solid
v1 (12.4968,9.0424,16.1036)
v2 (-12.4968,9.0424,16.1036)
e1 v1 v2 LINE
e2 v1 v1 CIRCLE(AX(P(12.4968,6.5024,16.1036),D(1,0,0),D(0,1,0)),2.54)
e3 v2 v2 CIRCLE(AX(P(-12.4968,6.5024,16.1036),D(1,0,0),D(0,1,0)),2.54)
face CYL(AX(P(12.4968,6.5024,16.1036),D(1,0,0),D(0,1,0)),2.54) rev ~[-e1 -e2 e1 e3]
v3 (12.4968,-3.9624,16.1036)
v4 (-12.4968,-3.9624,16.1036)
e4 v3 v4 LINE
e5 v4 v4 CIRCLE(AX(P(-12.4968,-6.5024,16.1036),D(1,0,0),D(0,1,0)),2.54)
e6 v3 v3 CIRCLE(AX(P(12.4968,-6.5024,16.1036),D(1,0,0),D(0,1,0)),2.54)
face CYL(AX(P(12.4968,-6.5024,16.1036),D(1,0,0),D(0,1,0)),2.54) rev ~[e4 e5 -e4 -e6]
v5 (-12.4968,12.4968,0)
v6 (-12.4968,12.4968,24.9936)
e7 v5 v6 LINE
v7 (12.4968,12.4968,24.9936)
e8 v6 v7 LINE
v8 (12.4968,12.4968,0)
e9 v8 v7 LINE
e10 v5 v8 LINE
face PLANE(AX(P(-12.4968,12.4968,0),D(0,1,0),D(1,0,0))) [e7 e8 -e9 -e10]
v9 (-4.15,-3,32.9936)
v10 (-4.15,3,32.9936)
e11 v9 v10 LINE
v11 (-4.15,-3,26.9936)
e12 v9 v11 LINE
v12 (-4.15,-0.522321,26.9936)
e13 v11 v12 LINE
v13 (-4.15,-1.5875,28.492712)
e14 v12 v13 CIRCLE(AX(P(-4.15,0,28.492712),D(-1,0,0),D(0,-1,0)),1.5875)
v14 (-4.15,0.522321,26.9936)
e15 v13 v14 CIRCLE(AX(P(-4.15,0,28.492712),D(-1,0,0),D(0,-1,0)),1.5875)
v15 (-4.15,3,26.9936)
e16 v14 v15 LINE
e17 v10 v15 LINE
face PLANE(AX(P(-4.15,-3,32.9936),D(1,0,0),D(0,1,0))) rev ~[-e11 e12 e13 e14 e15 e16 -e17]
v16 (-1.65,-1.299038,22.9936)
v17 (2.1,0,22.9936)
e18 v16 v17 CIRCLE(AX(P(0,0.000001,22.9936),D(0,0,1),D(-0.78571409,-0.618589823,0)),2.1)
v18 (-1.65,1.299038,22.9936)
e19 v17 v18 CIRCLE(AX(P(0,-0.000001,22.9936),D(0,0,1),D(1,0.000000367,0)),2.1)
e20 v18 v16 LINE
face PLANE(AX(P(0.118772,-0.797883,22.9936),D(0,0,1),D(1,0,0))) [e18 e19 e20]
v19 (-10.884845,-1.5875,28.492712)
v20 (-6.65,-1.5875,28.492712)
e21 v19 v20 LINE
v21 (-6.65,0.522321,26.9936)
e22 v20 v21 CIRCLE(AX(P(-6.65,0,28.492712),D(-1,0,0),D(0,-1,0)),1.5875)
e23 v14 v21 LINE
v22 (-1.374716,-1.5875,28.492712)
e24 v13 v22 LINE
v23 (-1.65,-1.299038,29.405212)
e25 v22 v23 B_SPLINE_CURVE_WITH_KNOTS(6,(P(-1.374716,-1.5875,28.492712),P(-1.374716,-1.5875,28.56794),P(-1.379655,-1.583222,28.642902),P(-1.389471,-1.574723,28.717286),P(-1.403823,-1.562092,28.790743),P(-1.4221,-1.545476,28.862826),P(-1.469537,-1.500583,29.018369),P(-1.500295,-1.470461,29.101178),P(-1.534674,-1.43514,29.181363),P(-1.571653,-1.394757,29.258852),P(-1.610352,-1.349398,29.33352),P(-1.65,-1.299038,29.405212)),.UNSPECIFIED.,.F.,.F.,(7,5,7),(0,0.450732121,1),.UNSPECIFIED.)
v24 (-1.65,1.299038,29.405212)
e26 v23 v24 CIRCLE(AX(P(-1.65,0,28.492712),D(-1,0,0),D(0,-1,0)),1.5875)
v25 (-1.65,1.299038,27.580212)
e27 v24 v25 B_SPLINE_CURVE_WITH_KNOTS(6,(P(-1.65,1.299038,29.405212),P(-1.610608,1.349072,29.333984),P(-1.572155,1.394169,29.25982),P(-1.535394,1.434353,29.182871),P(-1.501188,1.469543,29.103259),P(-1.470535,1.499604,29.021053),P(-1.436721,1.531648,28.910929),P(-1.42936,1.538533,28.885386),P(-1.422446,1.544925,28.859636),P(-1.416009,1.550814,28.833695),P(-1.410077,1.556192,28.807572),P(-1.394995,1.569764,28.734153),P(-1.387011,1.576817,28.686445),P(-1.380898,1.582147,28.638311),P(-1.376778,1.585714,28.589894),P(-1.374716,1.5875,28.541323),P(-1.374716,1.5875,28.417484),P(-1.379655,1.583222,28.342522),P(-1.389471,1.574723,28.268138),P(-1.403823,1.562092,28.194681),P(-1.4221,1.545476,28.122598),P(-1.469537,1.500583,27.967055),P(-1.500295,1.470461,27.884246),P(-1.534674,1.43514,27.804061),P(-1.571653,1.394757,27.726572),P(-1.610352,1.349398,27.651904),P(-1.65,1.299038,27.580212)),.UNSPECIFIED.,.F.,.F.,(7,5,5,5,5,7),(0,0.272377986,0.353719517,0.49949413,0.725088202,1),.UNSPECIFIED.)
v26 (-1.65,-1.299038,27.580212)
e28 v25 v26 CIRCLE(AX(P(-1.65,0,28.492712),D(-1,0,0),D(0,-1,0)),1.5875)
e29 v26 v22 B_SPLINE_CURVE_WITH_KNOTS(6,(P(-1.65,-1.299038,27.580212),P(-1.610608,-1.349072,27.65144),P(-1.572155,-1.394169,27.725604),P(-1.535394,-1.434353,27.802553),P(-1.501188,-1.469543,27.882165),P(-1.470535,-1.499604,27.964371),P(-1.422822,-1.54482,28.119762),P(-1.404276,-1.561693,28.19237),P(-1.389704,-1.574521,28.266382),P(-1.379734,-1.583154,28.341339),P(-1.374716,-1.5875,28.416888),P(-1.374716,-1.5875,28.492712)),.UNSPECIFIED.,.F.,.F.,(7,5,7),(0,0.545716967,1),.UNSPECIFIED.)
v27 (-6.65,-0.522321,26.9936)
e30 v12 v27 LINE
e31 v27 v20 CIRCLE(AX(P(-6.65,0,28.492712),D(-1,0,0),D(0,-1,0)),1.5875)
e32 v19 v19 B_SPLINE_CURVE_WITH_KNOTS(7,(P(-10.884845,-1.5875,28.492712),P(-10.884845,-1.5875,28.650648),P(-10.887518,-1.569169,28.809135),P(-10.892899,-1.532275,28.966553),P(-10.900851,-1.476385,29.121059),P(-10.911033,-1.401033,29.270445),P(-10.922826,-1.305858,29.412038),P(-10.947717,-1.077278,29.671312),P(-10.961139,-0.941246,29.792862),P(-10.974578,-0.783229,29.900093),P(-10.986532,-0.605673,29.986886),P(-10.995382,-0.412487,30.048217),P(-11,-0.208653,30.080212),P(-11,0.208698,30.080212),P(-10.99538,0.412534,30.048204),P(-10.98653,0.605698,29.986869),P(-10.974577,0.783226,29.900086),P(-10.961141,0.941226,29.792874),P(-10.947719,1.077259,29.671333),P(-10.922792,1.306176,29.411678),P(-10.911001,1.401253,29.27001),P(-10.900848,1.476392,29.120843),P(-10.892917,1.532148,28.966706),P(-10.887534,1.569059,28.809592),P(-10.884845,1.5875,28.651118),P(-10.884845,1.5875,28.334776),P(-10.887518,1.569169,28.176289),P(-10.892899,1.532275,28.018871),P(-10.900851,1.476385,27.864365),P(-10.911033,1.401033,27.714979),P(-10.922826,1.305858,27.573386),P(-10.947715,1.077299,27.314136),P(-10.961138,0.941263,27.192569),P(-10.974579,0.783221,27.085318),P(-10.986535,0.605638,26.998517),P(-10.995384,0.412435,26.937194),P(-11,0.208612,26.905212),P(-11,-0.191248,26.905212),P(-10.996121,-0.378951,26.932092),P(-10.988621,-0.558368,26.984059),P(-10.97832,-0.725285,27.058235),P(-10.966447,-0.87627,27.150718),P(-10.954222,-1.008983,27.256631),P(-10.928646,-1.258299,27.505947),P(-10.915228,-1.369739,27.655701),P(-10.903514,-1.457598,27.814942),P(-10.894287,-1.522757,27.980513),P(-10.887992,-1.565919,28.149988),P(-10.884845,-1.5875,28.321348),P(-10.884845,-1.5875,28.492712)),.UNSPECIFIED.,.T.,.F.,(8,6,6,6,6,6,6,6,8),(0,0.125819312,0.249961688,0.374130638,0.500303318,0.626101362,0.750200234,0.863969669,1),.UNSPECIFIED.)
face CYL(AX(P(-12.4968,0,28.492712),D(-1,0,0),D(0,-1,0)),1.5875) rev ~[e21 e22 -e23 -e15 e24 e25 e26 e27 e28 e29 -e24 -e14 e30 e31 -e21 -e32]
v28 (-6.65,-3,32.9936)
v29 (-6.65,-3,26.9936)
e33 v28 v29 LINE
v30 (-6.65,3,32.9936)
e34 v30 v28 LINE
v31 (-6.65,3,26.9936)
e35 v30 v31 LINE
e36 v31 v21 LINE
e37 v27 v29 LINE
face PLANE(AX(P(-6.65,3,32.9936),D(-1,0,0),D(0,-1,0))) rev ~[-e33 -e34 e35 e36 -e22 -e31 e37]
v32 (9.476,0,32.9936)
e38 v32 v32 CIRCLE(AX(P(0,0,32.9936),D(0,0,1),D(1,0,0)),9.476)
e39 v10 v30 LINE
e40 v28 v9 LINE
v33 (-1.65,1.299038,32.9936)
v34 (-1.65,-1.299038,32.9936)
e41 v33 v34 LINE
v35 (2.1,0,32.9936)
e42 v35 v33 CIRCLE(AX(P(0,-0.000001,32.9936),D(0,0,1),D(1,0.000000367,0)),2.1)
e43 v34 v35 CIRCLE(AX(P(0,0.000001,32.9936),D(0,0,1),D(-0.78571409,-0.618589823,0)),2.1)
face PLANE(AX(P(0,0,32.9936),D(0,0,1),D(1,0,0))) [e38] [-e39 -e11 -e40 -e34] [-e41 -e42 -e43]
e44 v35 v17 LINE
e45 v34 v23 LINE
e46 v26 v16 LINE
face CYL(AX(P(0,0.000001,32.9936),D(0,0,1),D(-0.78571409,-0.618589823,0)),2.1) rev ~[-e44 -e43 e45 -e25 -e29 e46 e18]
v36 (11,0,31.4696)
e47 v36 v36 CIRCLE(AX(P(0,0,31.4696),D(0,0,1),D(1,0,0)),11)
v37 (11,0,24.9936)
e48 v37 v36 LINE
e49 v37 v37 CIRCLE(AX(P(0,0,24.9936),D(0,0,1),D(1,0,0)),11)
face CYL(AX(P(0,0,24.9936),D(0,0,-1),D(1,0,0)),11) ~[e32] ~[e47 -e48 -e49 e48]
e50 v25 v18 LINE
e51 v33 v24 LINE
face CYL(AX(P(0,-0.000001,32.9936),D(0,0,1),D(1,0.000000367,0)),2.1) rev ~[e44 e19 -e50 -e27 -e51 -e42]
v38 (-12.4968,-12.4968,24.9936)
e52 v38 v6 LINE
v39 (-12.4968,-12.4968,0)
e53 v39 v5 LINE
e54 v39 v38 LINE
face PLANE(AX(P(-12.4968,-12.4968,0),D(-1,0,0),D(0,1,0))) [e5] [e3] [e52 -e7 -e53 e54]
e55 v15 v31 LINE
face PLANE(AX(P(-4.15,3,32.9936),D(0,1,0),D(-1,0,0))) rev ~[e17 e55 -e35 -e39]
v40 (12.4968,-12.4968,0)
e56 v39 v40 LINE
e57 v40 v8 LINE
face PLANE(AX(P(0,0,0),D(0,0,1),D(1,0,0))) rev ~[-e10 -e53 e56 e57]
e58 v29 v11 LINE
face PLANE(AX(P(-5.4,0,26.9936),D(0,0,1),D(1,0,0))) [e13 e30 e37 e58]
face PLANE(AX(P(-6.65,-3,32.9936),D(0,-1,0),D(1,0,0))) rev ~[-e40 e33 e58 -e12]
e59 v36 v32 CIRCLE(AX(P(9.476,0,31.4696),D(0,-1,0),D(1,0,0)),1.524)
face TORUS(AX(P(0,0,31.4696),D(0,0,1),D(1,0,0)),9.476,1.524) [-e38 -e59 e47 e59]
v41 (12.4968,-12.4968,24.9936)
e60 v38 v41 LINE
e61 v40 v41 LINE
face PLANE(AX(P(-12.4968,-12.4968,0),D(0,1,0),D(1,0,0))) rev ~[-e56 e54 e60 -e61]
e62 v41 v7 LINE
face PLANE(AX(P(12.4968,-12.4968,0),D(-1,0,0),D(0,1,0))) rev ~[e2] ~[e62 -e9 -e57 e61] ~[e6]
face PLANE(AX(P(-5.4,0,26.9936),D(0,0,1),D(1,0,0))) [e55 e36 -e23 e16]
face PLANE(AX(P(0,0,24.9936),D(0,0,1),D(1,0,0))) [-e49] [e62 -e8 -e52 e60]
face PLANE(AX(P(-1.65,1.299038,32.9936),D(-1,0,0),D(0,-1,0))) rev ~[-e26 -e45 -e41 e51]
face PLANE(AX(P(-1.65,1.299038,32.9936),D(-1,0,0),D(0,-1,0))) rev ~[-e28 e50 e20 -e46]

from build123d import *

# Parameters (mm, degrees)
F0_W      = 24.9936
F0_H      = 24.9936
F1_DEPTH  = 24.9936
F2_R      = 11
F3_DEPTH  = 8
F4_R      = 1.524
F6_DEPTH  = 10
F8_DEPTH  = 6
F9_R      = 1.5875
F10_DEPTH = 11.684
F11_R     = 2.54
F12_DEPTH = 25.4


with BuildPart() as f1:
    # F0 (on Top) → F1 (new body)
    with BuildSketch(Plane.XY):
        Rectangle(F0_W, F0_H)
    extrude(amount=F1_DEPTH)

    # F2 (on face) → F3 (join)
    with BuildSketch(Plane.XY.offset(24.9936)):
        Circle(F2_R)
    extrude(amount=F3_DEPTH)

    # F4
    f4_edges = [f1.edges().sort_by_distance(p)[0] for p in [
        (-11, 0, 32.9936),
    ]]
    fillet(f4_edges, radius=F4_R)

    # F5 (on face) → F6 (cut)
    with BuildSketch(Plane.XY.offset(32.9936)):
        with BuildLine():
            Line((-1.65, 0), (-1.65, -1.299038))
            ThreePointArc((-1.65, -1.299038), (0.687386, -1.984313), (2.1, 0))
            Line((2.1, 0), (-1.65, 0))
        make_face()
        with BuildLine():
            Line((-1.65, 0), (2.1, 0))
            ThreePointArc((2.1, 0), (0.687386, 1.984313), (-1.65, 1.299038))
            Line((-1.65, 1.299038), (-1.65, 0))
        make_face()
    extrude(amount=-F6_DEPTH, mode=Mode.SUBTRACT)

    # F7 (on face) → F8 (cut)
    with BuildSketch(Plane.XY.offset(32.9936)):
        Polygon((-4.15, 0), (-4.15, 3), (-6.65, 3), (-6.65, -3), (-4.15, -3), align=None)
    extrude(amount=-F8_DEPTH, mode=Mode.SUBTRACT)

    # F9 (on face) → F10 (cut)
    with BuildSketch(Plane(origin=(-12.4968, 0, 0), x_dir=(0, -1, 0), z_dir=(-1, 0, 0))):
        with Locations((0, 28.492712)):
            Circle(F9_R)
    extrude(amount=-F10_DEPTH, mode=Mode.SUBTRACT)

    # F11 (on face) → F12 (cut)
    with BuildSketch(Plane.YZ.offset(12.4968)):
        with Locations((-6.5024, 16.1036)):
            Circle(F11_R)
        with Locations((6.5024, 16.1036)):
            Circle(F11_R)
    extrude(amount=-F12_DEPTH, mode=Mode.SUBTRACT)


solid = f1.part
